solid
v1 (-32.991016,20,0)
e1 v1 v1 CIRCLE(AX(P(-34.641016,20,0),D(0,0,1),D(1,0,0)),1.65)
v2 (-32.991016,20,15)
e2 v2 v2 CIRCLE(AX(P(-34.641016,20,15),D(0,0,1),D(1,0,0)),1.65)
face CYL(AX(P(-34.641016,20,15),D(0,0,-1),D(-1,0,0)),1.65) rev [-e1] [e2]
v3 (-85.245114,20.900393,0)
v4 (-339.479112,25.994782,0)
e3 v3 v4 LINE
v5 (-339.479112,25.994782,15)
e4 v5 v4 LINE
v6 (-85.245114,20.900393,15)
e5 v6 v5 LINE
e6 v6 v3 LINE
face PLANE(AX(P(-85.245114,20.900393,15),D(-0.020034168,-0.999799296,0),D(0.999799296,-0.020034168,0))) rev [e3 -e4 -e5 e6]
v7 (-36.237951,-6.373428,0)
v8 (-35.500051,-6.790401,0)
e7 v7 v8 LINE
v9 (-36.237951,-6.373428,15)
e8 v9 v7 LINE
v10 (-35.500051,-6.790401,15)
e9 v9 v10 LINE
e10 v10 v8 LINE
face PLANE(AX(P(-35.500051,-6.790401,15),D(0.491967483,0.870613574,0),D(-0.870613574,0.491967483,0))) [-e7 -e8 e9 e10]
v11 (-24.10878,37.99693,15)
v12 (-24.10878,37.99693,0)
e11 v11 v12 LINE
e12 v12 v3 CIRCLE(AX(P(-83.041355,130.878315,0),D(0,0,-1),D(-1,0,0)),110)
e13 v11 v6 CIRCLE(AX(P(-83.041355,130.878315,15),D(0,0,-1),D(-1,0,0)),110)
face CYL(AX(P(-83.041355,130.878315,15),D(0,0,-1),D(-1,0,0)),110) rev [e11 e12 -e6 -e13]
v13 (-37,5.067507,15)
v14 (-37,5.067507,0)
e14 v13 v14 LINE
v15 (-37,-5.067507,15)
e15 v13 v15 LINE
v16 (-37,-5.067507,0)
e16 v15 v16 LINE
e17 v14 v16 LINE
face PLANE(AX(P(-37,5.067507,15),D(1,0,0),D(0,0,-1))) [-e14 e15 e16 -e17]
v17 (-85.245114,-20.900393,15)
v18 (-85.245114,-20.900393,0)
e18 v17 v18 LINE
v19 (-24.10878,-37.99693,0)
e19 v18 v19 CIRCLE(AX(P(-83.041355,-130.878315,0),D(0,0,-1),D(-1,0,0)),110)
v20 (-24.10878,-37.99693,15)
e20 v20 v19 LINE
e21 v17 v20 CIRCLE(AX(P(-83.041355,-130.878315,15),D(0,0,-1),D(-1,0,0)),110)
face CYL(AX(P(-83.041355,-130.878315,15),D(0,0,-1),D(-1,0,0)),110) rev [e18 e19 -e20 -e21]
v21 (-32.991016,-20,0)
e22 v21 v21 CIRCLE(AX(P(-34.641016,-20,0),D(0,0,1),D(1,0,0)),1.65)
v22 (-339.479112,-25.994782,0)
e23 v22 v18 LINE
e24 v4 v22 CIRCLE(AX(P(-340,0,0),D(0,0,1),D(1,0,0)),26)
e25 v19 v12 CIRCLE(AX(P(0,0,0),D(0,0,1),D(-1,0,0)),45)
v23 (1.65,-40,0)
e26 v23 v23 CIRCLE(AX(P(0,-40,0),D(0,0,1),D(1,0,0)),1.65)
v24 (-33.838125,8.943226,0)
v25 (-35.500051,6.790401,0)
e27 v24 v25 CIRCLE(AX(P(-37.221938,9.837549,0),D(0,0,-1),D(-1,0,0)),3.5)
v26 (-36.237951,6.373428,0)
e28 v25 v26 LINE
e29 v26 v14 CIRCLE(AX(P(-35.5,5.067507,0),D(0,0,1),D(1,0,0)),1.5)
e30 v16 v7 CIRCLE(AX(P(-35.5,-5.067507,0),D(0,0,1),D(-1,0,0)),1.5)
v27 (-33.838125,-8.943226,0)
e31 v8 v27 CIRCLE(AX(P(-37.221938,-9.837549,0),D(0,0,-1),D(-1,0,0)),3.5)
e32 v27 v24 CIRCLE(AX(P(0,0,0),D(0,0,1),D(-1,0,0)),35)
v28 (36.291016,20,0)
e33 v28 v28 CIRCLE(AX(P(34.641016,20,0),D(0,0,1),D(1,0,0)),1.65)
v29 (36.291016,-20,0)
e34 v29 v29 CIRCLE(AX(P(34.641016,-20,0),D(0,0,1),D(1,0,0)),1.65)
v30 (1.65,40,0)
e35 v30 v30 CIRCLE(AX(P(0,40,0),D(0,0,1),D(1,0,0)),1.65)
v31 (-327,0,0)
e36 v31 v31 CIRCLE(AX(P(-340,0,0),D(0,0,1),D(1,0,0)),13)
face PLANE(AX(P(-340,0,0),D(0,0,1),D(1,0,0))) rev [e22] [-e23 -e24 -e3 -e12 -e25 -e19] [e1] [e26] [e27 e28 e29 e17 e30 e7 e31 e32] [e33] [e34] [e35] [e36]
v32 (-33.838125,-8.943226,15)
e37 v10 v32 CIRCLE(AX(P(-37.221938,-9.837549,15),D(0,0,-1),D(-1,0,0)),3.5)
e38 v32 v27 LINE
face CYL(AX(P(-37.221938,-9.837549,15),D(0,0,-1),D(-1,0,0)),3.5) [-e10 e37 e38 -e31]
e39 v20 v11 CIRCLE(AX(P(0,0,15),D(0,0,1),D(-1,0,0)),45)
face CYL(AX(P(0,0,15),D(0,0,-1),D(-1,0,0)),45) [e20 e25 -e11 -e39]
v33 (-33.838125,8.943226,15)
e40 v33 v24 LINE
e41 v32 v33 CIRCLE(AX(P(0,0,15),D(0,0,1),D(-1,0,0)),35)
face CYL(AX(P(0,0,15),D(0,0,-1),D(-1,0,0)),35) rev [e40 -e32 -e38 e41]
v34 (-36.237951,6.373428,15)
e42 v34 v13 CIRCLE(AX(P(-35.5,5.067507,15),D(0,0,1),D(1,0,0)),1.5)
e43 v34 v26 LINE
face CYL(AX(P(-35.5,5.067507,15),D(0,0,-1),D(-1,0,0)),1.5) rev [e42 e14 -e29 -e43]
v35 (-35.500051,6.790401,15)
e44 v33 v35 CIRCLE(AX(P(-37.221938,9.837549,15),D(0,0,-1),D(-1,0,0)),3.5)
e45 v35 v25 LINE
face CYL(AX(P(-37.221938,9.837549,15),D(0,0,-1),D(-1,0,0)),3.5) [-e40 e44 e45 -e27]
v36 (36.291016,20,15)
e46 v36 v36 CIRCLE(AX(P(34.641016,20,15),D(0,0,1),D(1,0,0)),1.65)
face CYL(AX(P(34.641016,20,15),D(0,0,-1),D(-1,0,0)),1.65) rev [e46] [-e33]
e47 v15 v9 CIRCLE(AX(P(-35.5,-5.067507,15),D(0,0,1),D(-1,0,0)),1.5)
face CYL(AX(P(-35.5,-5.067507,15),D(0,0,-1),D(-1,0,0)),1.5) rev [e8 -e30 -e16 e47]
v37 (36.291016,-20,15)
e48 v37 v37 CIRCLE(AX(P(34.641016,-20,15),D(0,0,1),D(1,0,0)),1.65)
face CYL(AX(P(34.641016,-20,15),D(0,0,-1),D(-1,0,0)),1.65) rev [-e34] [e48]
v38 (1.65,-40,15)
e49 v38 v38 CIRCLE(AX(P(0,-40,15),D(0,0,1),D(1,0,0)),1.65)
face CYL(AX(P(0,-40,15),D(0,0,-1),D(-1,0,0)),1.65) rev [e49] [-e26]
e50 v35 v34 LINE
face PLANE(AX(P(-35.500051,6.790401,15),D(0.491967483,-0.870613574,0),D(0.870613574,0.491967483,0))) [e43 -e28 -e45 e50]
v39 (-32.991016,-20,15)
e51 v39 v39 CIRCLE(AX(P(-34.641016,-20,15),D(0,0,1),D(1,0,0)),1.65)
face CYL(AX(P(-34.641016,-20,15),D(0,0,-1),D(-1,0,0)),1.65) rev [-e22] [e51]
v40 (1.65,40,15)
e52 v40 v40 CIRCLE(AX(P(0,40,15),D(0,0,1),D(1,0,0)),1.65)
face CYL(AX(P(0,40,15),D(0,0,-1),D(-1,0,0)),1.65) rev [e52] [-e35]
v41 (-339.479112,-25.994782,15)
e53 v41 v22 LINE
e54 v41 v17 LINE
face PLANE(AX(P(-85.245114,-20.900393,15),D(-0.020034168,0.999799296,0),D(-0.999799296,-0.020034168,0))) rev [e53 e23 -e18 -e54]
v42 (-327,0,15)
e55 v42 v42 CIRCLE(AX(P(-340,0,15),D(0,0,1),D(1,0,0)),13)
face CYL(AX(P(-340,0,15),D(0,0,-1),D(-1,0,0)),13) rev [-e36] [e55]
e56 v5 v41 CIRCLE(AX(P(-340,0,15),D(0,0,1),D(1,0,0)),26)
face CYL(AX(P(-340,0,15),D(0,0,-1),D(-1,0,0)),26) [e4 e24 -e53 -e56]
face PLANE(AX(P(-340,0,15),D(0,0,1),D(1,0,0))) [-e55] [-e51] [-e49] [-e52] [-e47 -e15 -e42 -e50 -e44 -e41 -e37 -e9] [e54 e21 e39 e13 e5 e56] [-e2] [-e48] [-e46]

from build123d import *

# Parameters (mm, degrees)
SKETCH_1_R      = 1.65
SKETCH_1_R_2    = 13
EXTRUDE_1_DEPTH = 15


with BuildPart() as part:
    # 草图1 → 凸台-拉伸1 (new body)
    with BuildSketch(Plane.XY):
        with BuildLine():
            Line((-85.245113537, 20.900392521), (-339.479111624, 25.994781694))
            ThreePointArc((-339.479111624, 25.994781694), (-366, 0), (-339.479111624, -25.994781694))
            Line((-339.479111624, -25.994781694), (-85.245113537, -20.900392521))
            ThreePointArc((-85.245113537, -20.900392521), (-53.416829007, -24.942544633), (-24.108780491, -37.996930182))
            ThreePointArc((-24.108780491, -37.996930182), (45, 0), (-24.108780491, 37.996930182))
            ThreePointArc((-24.108780491, 37.996930182), (-53.416829007, 24.942544633), (-85.245113537, 20.900392521))
        make_face()
        with Locations((0, 40)):
            Circle(SKETCH_1_R, mode=Mode.SUBTRACT)
        with Locations((34.641016151, 20)):
            Circle(SKETCH_1_R, mode=Mode.SUBTRACT)
        with Locations((34.641016151, -20)):
            Circle(SKETCH_1_R, mode=Mode.SUBTRACT)
        with Locations((0, -40)):
            Circle(SKETCH_1_R, mode=Mode.SUBTRACT)
        with Locations((-34.641016151, 20)):
            Circle(SKETCH_1_R, mode=Mode.SUBTRACT)
        with Locations((-34.641016151, -20)):
            Circle(SKETCH_1_R, mode=Mode.SUBTRACT)
        with Locations((-340, 0)):
            Circle(SKETCH_1_R_2, mode=Mode.SUBTRACT)
        with BuildLine():
            Line((-35.500051413, 6.790401018), (-36.237951224, 6.373427606))
            ThreePointArc((-36.237951224, 6.373427606), (-36.795555255, 5.823507629), (-37, 5.067507244))
            Line((-37, 5.067507244), (-37, -5.067507244))
            ThreePointArc((-37, -5.067507244), (-36.795555255, -5.823507629), (-36.237951224, -6.373427606))
            Line((-36.237951224, -6.373427606), (-35.500051413, -6.790401018))
            ThreePointArc((-35.500051413, -6.790401018), (-34.451431588, -7.698788042), (-33.838125094, -8.943225935))
            ThreePointArc((-33.838125094, -8.943225935), (35, 0), (-33.838125094, 8.943225935))
            ThreePointArc((-33.838125094, 8.943225935), (-34.451431588, 7.698788042), (-35.500051413, 6.790401018))
        make_face(mode=Mode.SUBTRACT)
    extrude(amount=EXTRUDE_1_DEPTH)


solid = part.part
